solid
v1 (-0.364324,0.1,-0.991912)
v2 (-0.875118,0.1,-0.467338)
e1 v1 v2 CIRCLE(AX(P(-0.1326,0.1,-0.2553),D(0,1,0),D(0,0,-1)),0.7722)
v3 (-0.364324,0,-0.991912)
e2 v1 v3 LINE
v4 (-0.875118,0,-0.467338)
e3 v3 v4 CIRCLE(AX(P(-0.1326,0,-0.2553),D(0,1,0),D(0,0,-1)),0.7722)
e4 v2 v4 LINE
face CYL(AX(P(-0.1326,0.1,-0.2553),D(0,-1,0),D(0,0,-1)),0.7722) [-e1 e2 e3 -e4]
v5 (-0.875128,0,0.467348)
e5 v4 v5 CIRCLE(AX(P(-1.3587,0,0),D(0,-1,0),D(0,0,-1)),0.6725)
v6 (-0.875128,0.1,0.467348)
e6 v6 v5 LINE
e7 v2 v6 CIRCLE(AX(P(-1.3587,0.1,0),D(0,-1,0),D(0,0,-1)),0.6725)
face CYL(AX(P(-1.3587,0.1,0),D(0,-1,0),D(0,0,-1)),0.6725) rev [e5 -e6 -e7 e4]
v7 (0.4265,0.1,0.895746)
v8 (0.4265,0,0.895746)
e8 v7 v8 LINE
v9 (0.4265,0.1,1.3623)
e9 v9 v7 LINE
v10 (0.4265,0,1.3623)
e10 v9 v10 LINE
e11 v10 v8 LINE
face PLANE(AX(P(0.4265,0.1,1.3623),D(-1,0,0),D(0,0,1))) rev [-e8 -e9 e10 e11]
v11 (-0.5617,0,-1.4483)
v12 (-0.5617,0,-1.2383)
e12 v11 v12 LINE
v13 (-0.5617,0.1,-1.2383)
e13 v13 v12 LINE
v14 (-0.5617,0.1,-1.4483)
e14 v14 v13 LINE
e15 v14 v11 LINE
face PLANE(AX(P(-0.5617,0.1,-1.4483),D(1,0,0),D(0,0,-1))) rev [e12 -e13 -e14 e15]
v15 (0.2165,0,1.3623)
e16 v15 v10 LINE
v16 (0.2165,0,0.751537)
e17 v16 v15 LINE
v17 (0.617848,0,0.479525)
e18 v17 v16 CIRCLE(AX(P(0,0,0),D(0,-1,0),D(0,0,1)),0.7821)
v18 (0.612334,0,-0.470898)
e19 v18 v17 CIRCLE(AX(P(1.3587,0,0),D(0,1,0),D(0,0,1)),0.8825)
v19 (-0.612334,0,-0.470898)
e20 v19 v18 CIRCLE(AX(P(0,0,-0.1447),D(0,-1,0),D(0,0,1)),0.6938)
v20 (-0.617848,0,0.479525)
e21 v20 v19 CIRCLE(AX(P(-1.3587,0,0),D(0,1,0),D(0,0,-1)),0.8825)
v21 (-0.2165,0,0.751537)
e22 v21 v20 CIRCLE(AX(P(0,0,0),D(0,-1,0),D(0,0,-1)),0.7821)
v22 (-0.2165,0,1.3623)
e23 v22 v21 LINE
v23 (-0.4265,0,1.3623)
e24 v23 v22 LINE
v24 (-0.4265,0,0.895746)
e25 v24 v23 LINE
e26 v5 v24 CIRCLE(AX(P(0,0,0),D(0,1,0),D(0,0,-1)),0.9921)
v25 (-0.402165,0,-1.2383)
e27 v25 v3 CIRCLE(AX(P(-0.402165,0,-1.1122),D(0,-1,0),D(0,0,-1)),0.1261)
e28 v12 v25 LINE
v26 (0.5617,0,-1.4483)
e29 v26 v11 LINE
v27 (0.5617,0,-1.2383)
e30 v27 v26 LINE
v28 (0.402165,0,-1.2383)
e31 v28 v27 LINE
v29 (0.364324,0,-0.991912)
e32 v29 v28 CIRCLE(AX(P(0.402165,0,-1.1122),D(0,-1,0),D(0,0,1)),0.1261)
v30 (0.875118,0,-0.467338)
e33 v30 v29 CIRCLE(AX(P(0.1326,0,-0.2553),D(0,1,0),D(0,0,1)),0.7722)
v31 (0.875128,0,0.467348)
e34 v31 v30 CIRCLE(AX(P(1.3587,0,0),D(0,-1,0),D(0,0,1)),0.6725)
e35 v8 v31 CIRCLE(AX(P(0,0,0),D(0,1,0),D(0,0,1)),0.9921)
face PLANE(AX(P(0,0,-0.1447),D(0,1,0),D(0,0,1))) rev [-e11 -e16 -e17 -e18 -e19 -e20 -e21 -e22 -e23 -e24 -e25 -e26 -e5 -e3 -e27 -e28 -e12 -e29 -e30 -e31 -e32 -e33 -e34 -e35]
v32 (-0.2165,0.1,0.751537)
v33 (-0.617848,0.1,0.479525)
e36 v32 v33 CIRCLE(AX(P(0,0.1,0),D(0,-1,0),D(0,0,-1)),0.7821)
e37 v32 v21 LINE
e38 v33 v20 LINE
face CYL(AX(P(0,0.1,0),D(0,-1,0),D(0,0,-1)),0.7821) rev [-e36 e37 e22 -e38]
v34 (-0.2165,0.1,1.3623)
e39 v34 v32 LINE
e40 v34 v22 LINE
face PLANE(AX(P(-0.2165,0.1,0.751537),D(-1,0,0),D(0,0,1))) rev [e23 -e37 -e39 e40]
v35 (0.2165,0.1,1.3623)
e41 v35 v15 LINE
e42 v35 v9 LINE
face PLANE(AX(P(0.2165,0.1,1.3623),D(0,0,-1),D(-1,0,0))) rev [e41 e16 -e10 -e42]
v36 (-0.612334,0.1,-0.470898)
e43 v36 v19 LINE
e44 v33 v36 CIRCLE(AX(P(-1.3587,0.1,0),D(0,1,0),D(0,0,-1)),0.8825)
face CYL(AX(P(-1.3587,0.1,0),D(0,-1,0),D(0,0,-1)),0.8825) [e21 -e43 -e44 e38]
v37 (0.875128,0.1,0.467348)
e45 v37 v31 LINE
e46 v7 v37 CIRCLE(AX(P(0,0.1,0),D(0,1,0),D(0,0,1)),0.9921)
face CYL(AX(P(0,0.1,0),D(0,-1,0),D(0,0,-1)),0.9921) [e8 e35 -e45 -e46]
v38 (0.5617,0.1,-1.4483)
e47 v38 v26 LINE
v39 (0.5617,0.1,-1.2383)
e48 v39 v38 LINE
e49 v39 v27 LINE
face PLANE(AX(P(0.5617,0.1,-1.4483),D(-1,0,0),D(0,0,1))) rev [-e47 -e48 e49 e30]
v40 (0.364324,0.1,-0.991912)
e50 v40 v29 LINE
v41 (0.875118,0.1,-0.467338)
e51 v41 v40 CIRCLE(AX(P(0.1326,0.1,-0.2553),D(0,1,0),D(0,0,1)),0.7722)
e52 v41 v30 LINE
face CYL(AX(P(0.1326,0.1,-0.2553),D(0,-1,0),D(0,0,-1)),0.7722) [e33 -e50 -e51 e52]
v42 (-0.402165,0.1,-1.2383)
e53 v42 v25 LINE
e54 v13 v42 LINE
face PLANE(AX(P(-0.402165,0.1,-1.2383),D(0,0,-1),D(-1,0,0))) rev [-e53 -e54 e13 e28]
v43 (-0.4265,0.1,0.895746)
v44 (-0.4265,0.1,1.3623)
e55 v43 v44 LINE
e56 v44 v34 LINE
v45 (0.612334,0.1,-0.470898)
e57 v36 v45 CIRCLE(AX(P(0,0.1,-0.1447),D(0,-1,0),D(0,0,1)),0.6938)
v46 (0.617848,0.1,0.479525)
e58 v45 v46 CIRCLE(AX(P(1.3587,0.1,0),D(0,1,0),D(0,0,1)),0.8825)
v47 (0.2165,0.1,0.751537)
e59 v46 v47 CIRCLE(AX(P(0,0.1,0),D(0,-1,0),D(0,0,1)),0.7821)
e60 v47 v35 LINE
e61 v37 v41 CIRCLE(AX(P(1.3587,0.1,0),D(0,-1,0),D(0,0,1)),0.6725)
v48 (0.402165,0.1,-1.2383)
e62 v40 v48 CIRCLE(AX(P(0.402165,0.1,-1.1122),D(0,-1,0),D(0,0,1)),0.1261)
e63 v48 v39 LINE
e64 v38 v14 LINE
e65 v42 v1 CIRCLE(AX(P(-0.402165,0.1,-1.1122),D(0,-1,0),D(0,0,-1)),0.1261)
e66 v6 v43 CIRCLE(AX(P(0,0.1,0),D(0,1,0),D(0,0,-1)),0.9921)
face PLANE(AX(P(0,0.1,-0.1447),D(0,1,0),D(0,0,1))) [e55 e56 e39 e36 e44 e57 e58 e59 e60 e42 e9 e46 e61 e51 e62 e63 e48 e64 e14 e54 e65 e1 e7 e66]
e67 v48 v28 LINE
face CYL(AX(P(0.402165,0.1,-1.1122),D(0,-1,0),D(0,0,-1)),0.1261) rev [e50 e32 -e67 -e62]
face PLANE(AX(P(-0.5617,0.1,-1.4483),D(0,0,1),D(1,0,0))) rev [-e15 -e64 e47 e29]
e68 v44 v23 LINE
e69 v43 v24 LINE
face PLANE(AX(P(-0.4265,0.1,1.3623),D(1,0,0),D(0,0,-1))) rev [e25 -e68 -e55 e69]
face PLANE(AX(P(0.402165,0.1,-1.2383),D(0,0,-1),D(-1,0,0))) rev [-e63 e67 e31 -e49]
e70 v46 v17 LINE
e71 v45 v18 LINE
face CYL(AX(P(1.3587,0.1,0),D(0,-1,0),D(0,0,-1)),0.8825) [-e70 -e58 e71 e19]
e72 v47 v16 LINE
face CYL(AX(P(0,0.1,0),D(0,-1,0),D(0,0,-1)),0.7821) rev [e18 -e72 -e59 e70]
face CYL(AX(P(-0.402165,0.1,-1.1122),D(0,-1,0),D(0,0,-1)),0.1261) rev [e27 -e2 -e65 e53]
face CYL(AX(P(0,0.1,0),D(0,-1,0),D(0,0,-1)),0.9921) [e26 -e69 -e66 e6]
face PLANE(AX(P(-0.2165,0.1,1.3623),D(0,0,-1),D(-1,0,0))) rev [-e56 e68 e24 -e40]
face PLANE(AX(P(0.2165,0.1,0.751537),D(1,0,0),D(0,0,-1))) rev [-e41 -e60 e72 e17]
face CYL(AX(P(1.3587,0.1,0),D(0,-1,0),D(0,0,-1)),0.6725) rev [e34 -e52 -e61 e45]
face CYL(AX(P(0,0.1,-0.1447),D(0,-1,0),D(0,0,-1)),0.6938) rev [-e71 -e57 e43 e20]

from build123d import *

# Parameters (mm, degrees)
BOSS_EXTRUDE1_DEPTH = 0.1


with BuildPart() as part:
    # Sketch1 → Boss-Extrude1 (new body)
    with BuildSketch(Plane(origin=(0, 0, 0), x_dir=(1, 0, 0), z_dir=(0, 1, 0))):
        with BuildLine():
            Line((-0.5617, 1.4483), (0.5617, 1.4483))
            Line((0.5617, 1.4483), (0.5617, 1.2383))
            Line((0.5617, 1.2383), (0.402164983, 1.2383))
            ThreePointArc((0.402164983, 1.2383), (0.277526345, 1.131342099), (0.364324457, 0.991911577))
            ThreePointArc((0.364324457, 0.991911577), (0.68584629, 0.794012708), (0.875117893, 0.467337775))
            ThreePointArc((0.875117893, 0.467337775), (0.6862, -7.013e-06), (0.87512764, -0.467347861))
            ThreePointArc((0.87512764, -0.467347861), (0.685156757, -0.717511413), (0.4265, -0.895745589))
            Line((0.4265, -0.895745589), (0.4265, -1.3623))
            Line((0.4265, -1.3623), (0.2165, -1.3623))
            Line((0.2165, -1.3623), (0.2165, -0.751537198))
            ThreePointArc((0.2165, -0.751537198), (0.438784382, -0.647416926), (0.617847888, -0.479525179))
            ThreePointArc((0.617847888, -0.479525179), (0.476214849, -0.00511934), (0.612334438, 0.470897757))
            ThreePointArc((0.612334438, 0.470897757), (0, 0.8385), (-0.612334438, 0.470897757))
            ThreePointArc((-0.612334438, 0.470897757), (-0.476214849, -0.00511934), (-0.617847888, -0.479525179))
            ThreePointArc((-0.617847888, -0.479525179), (-0.438784382, -0.647416926), (-0.2165, -0.751537198))
            Line((-0.2165, -0.751537198), (-0.2165, -1.3623))
            Line((-0.2165, -1.3623), (-0.4265, -1.3623))
            Line((-0.4265, -1.3623), (-0.4265, -0.895745589))
            ThreePointArc((-0.4265, -0.895745589), (-0.685156757, -0.717511413), (-0.87512764, -0.467347861))
            ThreePointArc((-0.87512764, -0.467347861), (-0.6862, -7.013e-06), (-0.875117893, 0.467337775))
            ThreePointArc((-0.875117893, 0.467337775), (-0.68584629, 0.794012708), (-0.364324457, 0.991911577))
            ThreePointArc((-0.364324457, 0.991911577), (-0.277526345, 1.131342099), (-0.402164983, 1.2383))
            Line((-0.402164983, 1.2383), (-0.5617, 1.2383))
            Line((-0.5617, 1.2383), (-0.5617, 1.4483))
        make_face()
    extrude(amount=BOSS_EXTRUDE1_DEPTH)


solid = part.part
